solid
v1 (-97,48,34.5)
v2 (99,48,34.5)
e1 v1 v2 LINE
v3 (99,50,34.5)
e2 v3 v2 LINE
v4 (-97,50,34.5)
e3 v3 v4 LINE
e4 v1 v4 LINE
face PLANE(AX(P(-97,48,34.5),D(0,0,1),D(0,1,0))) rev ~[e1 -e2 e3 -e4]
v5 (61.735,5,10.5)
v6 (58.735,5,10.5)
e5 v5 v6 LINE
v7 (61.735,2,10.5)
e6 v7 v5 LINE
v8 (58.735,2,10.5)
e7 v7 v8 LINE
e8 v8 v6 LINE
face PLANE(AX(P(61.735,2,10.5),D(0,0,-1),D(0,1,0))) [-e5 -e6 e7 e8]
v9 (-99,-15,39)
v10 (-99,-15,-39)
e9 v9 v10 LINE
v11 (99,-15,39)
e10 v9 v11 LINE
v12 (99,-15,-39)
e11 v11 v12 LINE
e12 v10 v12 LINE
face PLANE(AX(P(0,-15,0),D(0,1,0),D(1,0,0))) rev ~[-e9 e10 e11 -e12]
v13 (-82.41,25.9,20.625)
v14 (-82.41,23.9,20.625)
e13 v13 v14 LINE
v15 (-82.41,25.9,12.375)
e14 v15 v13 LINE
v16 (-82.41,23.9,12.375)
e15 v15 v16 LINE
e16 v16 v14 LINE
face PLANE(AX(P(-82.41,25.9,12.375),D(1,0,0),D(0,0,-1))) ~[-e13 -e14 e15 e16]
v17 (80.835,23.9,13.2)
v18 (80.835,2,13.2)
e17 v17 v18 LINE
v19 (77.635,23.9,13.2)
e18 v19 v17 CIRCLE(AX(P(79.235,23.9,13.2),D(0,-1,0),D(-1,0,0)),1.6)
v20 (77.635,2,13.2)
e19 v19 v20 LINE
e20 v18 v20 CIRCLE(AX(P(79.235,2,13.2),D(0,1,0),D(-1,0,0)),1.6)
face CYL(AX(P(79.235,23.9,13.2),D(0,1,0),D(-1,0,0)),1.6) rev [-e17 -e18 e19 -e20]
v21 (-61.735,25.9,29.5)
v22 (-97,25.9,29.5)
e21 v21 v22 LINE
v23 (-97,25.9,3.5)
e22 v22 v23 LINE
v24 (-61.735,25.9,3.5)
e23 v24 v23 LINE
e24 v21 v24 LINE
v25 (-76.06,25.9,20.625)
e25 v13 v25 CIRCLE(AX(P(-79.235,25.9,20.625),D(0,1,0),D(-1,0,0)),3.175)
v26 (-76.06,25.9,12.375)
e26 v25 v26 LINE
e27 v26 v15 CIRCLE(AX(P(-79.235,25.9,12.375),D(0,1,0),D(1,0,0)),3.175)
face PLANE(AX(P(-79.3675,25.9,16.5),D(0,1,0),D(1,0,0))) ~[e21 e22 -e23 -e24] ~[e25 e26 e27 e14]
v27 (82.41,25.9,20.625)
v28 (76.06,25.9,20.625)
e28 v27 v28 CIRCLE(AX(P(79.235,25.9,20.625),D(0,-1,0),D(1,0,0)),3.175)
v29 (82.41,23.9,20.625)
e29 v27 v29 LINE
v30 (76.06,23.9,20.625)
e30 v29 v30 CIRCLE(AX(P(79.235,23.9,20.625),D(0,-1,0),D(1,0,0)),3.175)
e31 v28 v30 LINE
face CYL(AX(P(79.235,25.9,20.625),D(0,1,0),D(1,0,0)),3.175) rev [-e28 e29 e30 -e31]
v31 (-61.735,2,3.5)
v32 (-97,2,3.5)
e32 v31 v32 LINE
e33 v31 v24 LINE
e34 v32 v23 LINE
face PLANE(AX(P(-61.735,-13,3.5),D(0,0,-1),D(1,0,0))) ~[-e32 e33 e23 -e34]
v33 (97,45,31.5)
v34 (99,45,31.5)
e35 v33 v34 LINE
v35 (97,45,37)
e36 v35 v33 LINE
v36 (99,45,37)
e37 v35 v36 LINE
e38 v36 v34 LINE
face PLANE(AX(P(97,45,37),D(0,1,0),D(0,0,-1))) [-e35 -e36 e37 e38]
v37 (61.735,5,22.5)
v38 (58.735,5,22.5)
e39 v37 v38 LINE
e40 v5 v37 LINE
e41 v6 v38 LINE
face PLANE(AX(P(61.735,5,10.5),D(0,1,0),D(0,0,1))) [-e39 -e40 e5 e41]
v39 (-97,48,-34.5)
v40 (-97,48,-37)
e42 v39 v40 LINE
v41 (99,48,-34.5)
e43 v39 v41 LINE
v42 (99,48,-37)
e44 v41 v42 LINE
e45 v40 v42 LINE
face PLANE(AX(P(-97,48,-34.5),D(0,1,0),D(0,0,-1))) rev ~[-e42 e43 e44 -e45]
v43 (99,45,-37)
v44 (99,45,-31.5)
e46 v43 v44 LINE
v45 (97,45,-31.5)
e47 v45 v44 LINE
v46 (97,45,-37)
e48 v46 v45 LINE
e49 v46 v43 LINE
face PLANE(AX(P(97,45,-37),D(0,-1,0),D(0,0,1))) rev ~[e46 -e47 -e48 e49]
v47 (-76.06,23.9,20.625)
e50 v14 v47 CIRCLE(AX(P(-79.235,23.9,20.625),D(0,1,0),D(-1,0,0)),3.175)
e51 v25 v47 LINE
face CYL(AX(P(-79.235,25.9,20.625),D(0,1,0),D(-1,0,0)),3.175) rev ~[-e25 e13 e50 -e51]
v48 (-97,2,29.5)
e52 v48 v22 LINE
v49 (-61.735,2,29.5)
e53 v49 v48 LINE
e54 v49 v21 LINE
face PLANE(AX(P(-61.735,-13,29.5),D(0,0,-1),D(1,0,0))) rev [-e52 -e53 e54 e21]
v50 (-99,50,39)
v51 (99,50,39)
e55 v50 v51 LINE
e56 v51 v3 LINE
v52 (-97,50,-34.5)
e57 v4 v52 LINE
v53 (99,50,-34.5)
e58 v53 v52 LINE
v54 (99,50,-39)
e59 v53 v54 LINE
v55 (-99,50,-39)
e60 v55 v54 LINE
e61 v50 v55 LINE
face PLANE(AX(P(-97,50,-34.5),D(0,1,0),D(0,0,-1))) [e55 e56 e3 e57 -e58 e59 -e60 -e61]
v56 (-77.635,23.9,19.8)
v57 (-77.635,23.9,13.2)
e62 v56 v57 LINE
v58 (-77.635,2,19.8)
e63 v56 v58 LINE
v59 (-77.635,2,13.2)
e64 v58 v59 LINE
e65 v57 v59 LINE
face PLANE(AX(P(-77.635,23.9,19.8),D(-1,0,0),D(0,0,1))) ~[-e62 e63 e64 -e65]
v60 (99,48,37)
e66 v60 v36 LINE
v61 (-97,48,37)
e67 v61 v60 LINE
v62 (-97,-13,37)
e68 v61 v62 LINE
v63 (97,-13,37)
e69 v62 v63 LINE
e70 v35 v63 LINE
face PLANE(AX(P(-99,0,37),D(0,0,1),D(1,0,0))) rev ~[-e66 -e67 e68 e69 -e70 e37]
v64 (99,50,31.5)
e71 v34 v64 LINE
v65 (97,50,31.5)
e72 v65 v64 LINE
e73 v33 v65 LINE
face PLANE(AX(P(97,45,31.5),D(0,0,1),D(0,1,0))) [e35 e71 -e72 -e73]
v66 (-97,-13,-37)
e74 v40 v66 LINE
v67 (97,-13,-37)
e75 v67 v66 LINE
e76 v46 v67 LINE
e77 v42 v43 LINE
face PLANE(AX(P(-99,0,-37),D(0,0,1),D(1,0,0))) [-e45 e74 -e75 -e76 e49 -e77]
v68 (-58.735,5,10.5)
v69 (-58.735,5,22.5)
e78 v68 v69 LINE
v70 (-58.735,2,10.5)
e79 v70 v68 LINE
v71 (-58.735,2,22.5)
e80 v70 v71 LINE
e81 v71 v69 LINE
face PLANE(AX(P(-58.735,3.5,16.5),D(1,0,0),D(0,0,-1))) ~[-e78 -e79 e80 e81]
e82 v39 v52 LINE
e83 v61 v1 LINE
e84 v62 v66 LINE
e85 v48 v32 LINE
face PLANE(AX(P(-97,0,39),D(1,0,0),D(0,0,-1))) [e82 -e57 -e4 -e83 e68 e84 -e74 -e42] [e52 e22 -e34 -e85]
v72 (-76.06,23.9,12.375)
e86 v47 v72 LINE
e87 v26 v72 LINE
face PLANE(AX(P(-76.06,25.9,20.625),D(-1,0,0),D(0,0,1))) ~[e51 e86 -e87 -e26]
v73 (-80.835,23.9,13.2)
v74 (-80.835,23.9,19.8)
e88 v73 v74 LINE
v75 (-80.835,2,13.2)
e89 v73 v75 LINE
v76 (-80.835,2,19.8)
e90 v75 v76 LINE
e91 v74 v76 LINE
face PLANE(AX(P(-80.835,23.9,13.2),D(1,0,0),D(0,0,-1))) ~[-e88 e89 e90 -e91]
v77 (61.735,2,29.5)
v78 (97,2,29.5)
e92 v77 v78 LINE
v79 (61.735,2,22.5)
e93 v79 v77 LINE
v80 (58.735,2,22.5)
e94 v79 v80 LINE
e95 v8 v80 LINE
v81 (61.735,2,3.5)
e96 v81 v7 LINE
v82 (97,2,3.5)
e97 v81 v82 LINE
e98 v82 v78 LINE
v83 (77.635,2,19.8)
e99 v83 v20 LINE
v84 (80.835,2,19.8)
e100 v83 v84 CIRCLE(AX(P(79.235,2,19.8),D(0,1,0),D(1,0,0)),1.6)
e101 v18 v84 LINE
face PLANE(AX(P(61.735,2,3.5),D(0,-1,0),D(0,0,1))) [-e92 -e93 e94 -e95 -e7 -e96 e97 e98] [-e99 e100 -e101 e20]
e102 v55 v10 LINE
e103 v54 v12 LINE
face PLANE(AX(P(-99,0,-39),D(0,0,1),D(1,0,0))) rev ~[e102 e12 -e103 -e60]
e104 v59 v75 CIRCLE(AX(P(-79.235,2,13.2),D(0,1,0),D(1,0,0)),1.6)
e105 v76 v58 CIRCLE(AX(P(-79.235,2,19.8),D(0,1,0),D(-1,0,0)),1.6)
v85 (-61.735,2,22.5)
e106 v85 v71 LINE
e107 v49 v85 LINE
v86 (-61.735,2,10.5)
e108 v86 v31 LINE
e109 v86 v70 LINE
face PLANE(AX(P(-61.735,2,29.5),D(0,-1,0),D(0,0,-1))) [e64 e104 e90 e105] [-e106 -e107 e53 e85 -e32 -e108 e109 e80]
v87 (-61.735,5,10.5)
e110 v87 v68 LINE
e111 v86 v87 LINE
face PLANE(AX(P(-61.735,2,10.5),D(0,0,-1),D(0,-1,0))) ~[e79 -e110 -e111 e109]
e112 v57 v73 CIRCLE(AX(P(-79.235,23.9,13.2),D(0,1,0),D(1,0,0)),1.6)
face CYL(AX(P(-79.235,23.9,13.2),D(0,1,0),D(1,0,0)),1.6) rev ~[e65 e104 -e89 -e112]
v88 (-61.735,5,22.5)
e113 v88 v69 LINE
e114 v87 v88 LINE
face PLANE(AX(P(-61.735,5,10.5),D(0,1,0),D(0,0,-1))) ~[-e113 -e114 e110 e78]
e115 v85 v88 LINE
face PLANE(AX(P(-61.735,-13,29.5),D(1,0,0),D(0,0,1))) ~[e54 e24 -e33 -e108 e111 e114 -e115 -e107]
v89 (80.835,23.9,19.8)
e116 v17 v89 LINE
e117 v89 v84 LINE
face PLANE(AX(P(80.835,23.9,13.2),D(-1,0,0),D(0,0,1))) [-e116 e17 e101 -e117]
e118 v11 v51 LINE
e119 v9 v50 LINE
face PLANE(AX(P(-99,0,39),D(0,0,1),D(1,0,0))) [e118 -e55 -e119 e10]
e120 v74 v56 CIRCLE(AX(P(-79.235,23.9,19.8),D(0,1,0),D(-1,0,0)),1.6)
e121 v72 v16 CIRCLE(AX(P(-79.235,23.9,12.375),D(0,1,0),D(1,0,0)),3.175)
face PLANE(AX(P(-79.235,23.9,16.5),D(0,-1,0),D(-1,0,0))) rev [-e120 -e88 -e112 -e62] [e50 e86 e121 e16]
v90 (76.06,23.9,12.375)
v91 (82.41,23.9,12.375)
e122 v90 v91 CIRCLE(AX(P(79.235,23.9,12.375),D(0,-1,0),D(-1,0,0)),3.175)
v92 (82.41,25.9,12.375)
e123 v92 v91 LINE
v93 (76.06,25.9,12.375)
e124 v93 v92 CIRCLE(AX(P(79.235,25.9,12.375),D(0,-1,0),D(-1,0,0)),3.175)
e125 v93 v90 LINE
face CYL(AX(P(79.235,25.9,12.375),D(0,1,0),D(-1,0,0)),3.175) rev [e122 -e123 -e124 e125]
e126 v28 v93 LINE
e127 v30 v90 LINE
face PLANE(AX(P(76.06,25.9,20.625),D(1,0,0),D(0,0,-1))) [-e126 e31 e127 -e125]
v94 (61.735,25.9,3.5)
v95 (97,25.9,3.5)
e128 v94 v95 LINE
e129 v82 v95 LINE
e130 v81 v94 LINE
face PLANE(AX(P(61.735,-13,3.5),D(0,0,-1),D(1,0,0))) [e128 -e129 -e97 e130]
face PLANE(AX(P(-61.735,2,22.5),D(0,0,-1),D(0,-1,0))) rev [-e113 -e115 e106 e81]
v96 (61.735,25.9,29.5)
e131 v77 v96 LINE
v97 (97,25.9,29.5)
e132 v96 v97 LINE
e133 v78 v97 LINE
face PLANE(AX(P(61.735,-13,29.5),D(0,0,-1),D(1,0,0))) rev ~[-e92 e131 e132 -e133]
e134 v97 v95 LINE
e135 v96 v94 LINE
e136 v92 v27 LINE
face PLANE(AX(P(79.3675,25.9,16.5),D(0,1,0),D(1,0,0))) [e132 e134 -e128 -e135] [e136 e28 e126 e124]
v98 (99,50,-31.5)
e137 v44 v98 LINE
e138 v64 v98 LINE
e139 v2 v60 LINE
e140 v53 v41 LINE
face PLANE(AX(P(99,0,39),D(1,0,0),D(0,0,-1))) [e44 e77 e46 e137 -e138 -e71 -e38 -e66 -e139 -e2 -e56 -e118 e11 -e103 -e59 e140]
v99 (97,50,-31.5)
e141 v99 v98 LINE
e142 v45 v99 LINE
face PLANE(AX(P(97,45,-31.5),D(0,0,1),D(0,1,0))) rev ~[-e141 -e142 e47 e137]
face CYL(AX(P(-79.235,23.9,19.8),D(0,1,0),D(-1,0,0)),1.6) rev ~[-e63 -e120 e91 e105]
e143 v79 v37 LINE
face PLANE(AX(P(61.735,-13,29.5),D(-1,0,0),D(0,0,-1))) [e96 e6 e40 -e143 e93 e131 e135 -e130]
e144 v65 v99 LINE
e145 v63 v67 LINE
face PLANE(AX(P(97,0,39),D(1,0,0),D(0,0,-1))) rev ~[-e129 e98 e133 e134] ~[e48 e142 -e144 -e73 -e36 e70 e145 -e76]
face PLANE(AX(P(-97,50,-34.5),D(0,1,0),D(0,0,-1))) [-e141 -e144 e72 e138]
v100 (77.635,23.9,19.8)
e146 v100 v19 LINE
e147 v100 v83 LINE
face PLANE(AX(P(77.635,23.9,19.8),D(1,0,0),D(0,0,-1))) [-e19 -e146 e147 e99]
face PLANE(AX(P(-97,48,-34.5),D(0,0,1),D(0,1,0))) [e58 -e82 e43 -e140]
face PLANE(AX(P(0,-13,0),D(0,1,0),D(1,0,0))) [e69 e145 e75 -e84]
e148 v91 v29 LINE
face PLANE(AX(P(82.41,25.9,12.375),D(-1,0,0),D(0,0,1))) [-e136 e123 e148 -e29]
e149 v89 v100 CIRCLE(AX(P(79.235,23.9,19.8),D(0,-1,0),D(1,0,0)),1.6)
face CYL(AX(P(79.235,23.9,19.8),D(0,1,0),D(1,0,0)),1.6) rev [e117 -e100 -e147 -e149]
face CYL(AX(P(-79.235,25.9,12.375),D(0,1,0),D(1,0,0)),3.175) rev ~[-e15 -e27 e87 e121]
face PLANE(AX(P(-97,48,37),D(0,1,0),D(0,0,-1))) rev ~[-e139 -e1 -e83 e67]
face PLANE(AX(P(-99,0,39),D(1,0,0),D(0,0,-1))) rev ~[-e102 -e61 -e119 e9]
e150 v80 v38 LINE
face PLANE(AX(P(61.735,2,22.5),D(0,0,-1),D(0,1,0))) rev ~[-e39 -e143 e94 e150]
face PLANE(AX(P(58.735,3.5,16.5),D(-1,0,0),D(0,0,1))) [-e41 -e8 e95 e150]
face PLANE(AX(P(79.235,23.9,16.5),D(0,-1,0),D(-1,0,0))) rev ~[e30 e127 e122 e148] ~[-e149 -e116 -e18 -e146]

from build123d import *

# Parameters (mm, degrees)
SKETCH2_W                = 198
SKETCH2_H                = 78
BOSS_EXTRUDE1_DEPTH      = 50
BOSS_EXTRUDE1_DEPTH_BACK = 15
SHELL1_T                 = -2
BOSS_EXTRUDE2_REACH      = 198
SKETCH3_W                = 2.5
SKETCH3_H                = 2
CUT_EXTRUDE1_REACH       = 4
CROQUIS1_W               = 35.265
CROQUIS1_H               = 26
SALIENTE_EXTRUIR1_DEPTH  = 38.9
CORTAR_EXTRUIR1_DEPTH    = 2
CORTAR_EXTRUIR2_DEPTH    = 30
CROQUIS5_W               = 26
CROQUIS5_H               = 15
CORTAR_EXTRUIR3_DEPTH    = 35.265
CROQUIS6_W               = 12
CROQUIS6_H               = 3
SALIENTE_EXTRUIR2_DEPTH  = 3
CROQUIS7_W               = 26
CROQUIS7_H               = 15
CORTAR_EXTRUIR4_DEPTH    = 35.265


with BuildPart() as part:
    # Sketch2 → Boss-Extrude1 (new body, two sides)
    with BuildSketch(Plane(origin=(0, 0, 0), x_dir=(1, 0, 0), z_dir=(0, 1, 0))) as boss_extrude1_sk:
        Rectangle(SKETCH2_W, SKETCH2_H)
    extrude(amount=BOSS_EXTRUDE1_DEPTH)
    extrude(boss_extrude1_sk.sketch, amount=-BOSS_EXTRUDE1_DEPTH_BACK)

    # Shell1
    shell1_openings = [part.faces().sort_by_distance(p)[0] for p in [
        (0, 50, 0),
    ]]
    offset(amount=SHELL1_T, openings=shell1_openings, kind=Kind.INTERSECTION)

    # Sketch3 → Boss-Extrude2 (add, up to next)
    with BuildSketch(Plane(origin=(-97, 0, 0), x_dir=(0, 0, -1), z_dir=(1, 0, 0)), mode=Mode.PRIVATE) as boss_extrude2_sk1:
        with Locations((-35.75, 49)):
            Rectangle(SKETCH3_W, SKETCH3_H)
    boss_extrude2_tool1 = extrude(boss_extrude2_sk1.sketch, amount=BOSS_EXTRUDE2_REACH, mode=Mode.PRIVATE) - part.part
    add(boss_extrude2_tool1.solids().sort_by_distance((-97, 49, 35.75))[0])
    # Sketch3 → Boss-Extrude2 (add, up to next)
    with BuildSketch(Plane(origin=(-97, 0, 0), x_dir=(0, 0, -1), z_dir=(1, 0, 0)), mode=Mode.PRIVATE) as boss_extrude2_sk2:
        with Locations((35.75, 49)):
            Rectangle(SKETCH3_W, SKETCH3_H)
    boss_extrude2_tool2 = extrude(boss_extrude2_sk2.sketch, amount=BOSS_EXTRUDE2_REACH, mode=Mode.PRIVATE) - part.part
    add(boss_extrude2_tool2.solids().sort_by_distance((-97, 49, -35.75))[0])

    # Sketch4 → Cut-Extrude1 (cut, up to next)
    with BuildSketch(Plane.ZY.offset(-97), mode=Mode.PRIVATE) as cut_extrude1_sk1:
        Polygon((-37, 48), (-37, 45), (-31.5, 45), (-31.5, 50), (-34.5, 50), (-34.5, 48), align=None)
    cut_extrude1_tool1 = extrude(cut_extrude1_sk1.sketch, amount=-CUT_EXTRUDE1_REACH, mode=Mode.PRIVATE) & part.part
    add(cut_extrude1_tool1.solids().sort_by_distance((97, 47.166667, -33.916667))[0], mode=Mode.SUBTRACT)
    # Sketch4 → Cut-Extrude1 (cut, up to next)
    with BuildSketch(Plane.ZY.offset(-97), mode=Mode.PRIVATE) as cut_extrude1_sk2:
        Polygon((34.5, 48), (37, 48), (37, 45), (31.5, 45), (31.5, 50), (34.5, 50), align=None)
    cut_extrude1_tool2 = extrude(cut_extrude1_sk2.sketch, amount=-CUT_EXTRUDE1_REACH, mode=Mode.PRIVATE) & part.part
    add(cut_extrude1_tool2.solids().sort_by_distance((97, 47.166667, 33.916667))[0], mode=Mode.SUBTRACT)

    # Croquis1 → Saliente-Extruir1 (add)
    with BuildSketch(Plane(origin=(0, -13, 0), x_dir=(1, 0, 0), z_dir=(0, 1, 0))):
        with Locations((79.3675, -16.5)):
            Rectangle(CROQUIS1_W, CROQUIS1_H)
    saliente_extruir1 = extrude(amount=SALIENTE_EXTRUIR1_DEPTH)

    # Simetría1: Saliente-Extruir1 across plane
    add(saliente_extruir1.mirror(Plane(origin=(0, 0, 0), x_dir=(0, 0, 1), z_dir=(1, 0, 0))))

    # Croquis2 → Cortar-Extruir1 (cut)
    with BuildSketch(Plane(origin=(0, 25.9, 0), x_dir=(1, 0, 0), z_dir=(0, 1, 0))):
        with BuildLine():
            Line((82.41, -12.375), (82.41, -20.625))
            ThreePointArc((82.41, -20.625), (79.235, -23.8), (76.06, -20.625))
            Line((76.06, -20.625), (76.06, -12.375))
            ThreePointArc((76.06, -12.375), (79.235, -9.2), (82.41, -12.375))
        make_face()
    cortar_extruir1 = extrude(amount=-CORTAR_EXTRUIR1_DEPTH, mode=Mode.SUBTRACT)

    # Simetría2: Cortar-Extruir1 across plane
    add(cortar_extruir1.mirror(Plane(origin=(0, 0, 0), x_dir=(0, 0, 1), z_dir=(1, 0, 0))), mode=Mode.SUBTRACT)

    # Croquis3 → Cortar-Extruir2 (cut)
    with BuildSketch(Plane(origin=(0, 23.9, 0), x_dir=(1, 0, 0), z_dir=(0, 1, 0))):
        with BuildLine():
            Line((80.835, -13.2), (80.835, -19.8))
            ThreePointArc((80.835, -19.8), (79.235, -21.4), (77.635, -19.8))
            Line((77.635, -19.8), (77.635, -13.2))
            ThreePointArc((77.635, -13.2), (79.235, -11.6), (80.835, -13.2))
        make_face()
    cortar_extruir2 = extrude(amount=-CORTAR_EXTRUIR2_DEPTH, mode=Mode.SUBTRACT)

    # Simetría3: Cortar-Extruir2 across plane
    add(cortar_extruir2.mirror(Plane(origin=(0, 0, 0), x_dir=(0, 0, 1), z_dir=(1, 0, 0))), mode=Mode.SUBTRACT)

    # Croquis5 → Cortar-Extruir3 (cut)
    with BuildSketch(Plane.ZY.offset(-61.735)):
        with Locations((16.5, -5.5)):
            Rectangle(CROQUIS5_W, CROQUIS5_H)
    extrude(amount=-CORTAR_EXTRUIR3_DEPTH, mode=Mode.SUBTRACT)

    # Croquis6 → Saliente-Extruir2 (add)
    with BuildSketch(Plane.ZY.offset(-61.735)):
        with Locations((16.5, 3.5)):
            Rectangle(CROQUIS6_W, CROQUIS6_H)
    saliente_extruir2 = extrude(amount=SALIENTE_EXTRUIR2_DEPTH)

    # Croquis7 → Cortar-Extruir4 (cut)
    with BuildSketch(Plane(origin=(-61.735, 0, 0), x_dir=(0, 0, -1), z_dir=(1, 0, 0))):
        with Locations((-16.5, -5.5)):
            Rectangle(CROQUIS7_W, CROQUIS7_H)
    extrude(amount=-CORTAR_EXTRUIR4_DEPTH, mode=Mode.SUBTRACT)

    # Simetría7: Saliente-Extruir2 across plane
    add(saliente_extruir2.mirror(Plane(origin=(0, 0, 0), x_dir=(0, 0, 1), z_dir=(1, 0, 0))))


solid = part.part
